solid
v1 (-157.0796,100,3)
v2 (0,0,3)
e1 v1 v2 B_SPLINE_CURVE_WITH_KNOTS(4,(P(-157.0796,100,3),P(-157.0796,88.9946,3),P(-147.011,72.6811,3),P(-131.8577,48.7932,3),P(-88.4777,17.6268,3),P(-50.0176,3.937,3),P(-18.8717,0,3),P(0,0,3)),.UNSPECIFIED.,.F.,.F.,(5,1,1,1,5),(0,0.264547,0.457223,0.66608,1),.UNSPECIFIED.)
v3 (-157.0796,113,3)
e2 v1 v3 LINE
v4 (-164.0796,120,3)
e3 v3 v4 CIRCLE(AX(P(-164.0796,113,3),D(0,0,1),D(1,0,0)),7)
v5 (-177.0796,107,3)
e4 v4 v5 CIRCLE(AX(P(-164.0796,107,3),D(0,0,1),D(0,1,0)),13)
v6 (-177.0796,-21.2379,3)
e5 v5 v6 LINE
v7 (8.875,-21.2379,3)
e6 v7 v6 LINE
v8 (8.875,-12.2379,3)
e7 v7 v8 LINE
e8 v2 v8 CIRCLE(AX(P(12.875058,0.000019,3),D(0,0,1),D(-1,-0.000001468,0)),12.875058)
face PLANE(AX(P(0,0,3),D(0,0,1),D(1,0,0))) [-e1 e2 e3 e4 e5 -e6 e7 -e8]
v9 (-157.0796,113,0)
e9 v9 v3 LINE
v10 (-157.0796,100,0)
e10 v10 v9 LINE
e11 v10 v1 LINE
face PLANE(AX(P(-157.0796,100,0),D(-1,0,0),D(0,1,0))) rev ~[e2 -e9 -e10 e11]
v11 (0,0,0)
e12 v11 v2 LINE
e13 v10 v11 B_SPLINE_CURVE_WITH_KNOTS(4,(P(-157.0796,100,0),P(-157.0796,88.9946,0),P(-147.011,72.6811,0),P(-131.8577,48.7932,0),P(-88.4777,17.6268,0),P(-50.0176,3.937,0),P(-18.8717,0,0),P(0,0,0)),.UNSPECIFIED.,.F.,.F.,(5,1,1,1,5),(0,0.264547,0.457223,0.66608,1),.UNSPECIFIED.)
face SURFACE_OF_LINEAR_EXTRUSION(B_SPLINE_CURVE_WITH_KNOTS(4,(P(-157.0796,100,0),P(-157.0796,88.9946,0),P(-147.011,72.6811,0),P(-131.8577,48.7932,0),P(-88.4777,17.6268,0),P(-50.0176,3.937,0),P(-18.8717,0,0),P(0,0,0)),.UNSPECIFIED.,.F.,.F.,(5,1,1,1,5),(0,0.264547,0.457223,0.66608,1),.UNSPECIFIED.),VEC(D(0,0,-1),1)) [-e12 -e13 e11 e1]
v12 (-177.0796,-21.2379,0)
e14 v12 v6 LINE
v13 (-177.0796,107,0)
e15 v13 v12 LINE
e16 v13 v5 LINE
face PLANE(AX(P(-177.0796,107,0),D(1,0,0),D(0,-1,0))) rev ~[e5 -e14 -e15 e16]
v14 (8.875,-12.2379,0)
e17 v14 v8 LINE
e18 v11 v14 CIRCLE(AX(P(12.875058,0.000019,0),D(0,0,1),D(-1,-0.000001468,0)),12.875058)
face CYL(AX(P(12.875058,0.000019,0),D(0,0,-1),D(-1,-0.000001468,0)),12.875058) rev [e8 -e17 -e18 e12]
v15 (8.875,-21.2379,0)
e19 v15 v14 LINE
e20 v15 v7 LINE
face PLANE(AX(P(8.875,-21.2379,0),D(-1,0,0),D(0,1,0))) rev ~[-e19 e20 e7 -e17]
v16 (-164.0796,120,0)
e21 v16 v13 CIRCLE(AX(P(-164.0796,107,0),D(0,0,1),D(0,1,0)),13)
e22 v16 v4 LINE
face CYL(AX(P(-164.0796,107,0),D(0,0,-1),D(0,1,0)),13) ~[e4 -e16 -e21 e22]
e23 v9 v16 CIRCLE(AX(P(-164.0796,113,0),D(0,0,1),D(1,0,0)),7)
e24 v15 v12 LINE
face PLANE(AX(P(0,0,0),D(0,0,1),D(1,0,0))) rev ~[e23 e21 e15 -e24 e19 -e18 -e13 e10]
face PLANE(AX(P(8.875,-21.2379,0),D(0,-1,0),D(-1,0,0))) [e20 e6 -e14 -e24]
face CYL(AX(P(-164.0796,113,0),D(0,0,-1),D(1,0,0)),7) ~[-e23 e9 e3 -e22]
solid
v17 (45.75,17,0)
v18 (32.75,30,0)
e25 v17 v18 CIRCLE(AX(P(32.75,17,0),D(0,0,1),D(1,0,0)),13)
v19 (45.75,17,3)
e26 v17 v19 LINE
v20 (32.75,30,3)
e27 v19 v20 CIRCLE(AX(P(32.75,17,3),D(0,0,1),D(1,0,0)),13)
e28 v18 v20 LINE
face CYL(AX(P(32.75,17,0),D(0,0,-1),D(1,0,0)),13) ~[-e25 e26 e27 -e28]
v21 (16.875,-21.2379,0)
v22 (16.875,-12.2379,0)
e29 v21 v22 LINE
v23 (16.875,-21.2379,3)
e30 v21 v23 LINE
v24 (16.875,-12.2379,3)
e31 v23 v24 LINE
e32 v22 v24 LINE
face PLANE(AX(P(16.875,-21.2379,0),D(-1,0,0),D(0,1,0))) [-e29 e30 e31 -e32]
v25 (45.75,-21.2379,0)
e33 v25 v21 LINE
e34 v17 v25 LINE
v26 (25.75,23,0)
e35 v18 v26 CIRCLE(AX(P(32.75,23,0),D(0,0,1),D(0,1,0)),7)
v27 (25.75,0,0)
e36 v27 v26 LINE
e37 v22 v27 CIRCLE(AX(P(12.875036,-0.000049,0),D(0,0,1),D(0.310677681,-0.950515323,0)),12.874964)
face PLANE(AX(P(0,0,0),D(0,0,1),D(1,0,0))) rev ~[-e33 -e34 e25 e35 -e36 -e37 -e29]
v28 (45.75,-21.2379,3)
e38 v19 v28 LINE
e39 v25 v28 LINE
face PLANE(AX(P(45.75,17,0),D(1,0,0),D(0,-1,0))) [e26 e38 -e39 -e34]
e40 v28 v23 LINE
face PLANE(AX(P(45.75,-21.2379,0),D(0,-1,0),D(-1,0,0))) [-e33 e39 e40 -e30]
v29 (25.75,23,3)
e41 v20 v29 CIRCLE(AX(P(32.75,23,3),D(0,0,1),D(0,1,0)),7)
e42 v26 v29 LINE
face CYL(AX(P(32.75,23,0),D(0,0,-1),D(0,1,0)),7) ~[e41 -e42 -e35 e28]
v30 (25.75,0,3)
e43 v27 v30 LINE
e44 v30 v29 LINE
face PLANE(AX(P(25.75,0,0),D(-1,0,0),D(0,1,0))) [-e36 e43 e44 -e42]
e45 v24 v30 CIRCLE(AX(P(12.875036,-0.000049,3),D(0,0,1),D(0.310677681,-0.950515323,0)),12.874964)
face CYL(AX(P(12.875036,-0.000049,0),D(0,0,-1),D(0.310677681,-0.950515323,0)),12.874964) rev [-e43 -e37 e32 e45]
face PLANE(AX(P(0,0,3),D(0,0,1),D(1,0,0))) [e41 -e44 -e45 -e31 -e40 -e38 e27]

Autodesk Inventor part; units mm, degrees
ref_plane "YZ Plane" through (0, 0, 0) normal (1, 0, 0) x (0, 1, 0)
ref_plane "XZ Plane" through (0, 0, 0) normal (0, 1, 0) x (-1, 0, 0)
ref_plane "XY Plane" through (0, 0, 0) normal (0, 0, 1) x (1, 0, 0)
sketch "Sketch3" plane through (0, 0, 0) normal (0, 0, 1) x (1, 0, 0)
  circle A0 centre (368.0481, 50) radius 50 construction
  line L0 (368.0481, 0) -> (514.9541, 0) construction
  line L1 (368.0481, 50) -> (514.9541, 50) construction
  line L2 (368.0481, 100) -> (514.9541, 100) construction
  line L3 (368.0481, 50) -> (343.0481, 6.6987) construction
  line L4 (368.0481, 50) -> (324.7469, 25) construction
  line L5 (368.0481, 50) -> (324.7469, 75) construction
  line L6 (343.0481, 93.3013) -> (368.0481, 50) construction
  line L7 (393.0481, 93.3013) -> (368.0481, 50) construction
  line L8 (411.3494, 75) -> (368.0481, 50) construction
  line L9 (411.3494, 25) -> (368.0481, 50) construction
  line L10 (393.0481, 6.6987) -> (368.0481, 50) construction
  line L11 (368.0481, 0) -> (368.0481, 100) construction
  line L12 (418.0481, 50) -> (368.0481, 50) construction
  line L13 (341.8682, 0) -> (341.8682, 100) construction
  line L14 (315.6883, 0) -> (315.6883, 100) construction
  line L15 (289.5083, 0) -> (289.5083, 100) construction
  line L16 (263.3284, 0) -> (263.3284, 100) construction
  line L17 (237.1485, 0) -> (237.1485, 100) construction
  line L18 (210.9685, 0) -> (210.9685, 100) construction
  line L19 (184.7886, 0) -> (184.7886, 100) construction
  line L20 (158.6086, 0) -> (158.6086, 100) construction
  circle A1 centre (315.6883, 50) radius 50 construction
  circle A2 centre (341.8682, 50) radius 50 construction
  circle A3 centre (289.5083, 50) radius 50 construction
  circle A4 centre (263.3284, 50) radius 50 construction
  circle A5 centre (237.1485, 50) radius 50 construction
  circle A6 centre (210.9685, 50) radius 50 construction
  line L21 (393.0481, 6.6987) -> (514.9541, 6.6987) construction
  line L22 (411.3494, 25) -> (514.9541, 25) construction
  line L23 (411.3494, 75) -> (514.9541, 75) construction
  line L24 (411.3494, 75) -> (514.9541, 75) construction
  line L25 (393.0481, 93.3013) -> (514.9541, 93.3013) construction
  line L26 (358.9895, 75) -> (339.5083, 50) construction
  line L27 (339.5083, 50) -> (306.6297, 25) construction
  line L28 (306.6297, 25) -> (262.1485, 6.6987) construction
  line L29 (262.1485, 6.6987) -> (210.9685, 0) construction
  line L30 (105.4843, -12.0642) -> (105.4843, 125.3083) construction
  line L31 (25.75, 0) -> (25.75, 23)
  line L32 (45.75, 17) -> (45.75, -21.2379)
  arc A7 (32.75, 30) -> (25.75, 23) centre (32.75, 23) ccw
  arc A8 (45.75, 17) -> (32.75, 30) centre (32.75, 17) ccw
  line L33 (32.75, 17) -> (45.75, 17) construction
  line L34 (32.75, 17) -> (32.75, 30) construction
  arc A9 (0, 0) -> (8.875, -12.2379) centre (12.875, 0) ccw
  arc A10 (16.875, -12.2379) -> (25.75, 0) centre (12.875, 0) ccw
  line L35 (45.75, -21.2379) -> (16.875, -21.2379)
  line L36 (8.875, -21.2379) -> (-177.0796, -21.2379)
  circle A11 centre (-144.2046, 110.3653) radius 12.875 construction
  line L37 (8.875, -21.2379) -> (8.875, -12.2379)
  line L38 (16.875, -21.2379) -> (16.875, -12.2379)
  line L39 (411.3494, 75) -> (158.6086, 75) construction
  line L40 (368.0481, 100) -> (158.6086, 100) construction
  line L41 (418.0481, 50) -> (158.6086, 50) construction
  line L42 (411.3494, 25) -> (158.6086, 25) construction
  line L43 (393.0481, 6.6987) -> (158.6086, 6.6987) construction
  line L44 (393.0481, 93.3013) -> (158.6086, 93.3013) construction
  line L45 (358.9895, 75) -> (366.8682, 93.3013) construction
  line L46 (366.8682, 93.3013) -> (368.0481, 100) construction
  spline S0 degree 4 poles (-157.0796, 100) (-157.0796, 88.9946) (-147.011, 72.6811) (-131.8577, 48.7932) (-88.4777, 17.6268) (-50.0176, 3.937) (-18.8717, 0) (0, 0) knots 0 0 0 0 0 0.264547 0.457223 0.66608 1 1 1 1 1
  line L47 (-157.0796, 100) -> (-157.0796, 81.2146) construction
  line L48 (0, 0) -> (-42.8818, 0) construction
  line L49 (-157.0796, 100) -> (-157.0796, 113)
  line L50 (-144.2046, 110.3653) -> (-157.0796, 110.3653) construction
  line L51 (-147.6984, 94.0277) -> (-120.1158, 108.3975) construction
  line L52 (-157.0796, 100) -> (0, 0) construction
  circle A12 centre (-147.2046, 105.4197) radius 9.875 construction
  line L53 (-147.2046, 105.4197) -> (-157.0796, 105.4197) construction
  line L54 (-146.1623, 94.828) -> (-144.7762, 92.1674) construction
  line L55 (-144.7762, 92.1674) -> (-142.2689, 93.4736) construction
  line L56 (-177.0796, 107) -> (-177.0796, -21.2379)
  arc A13 (-157.0796, 113) -> (-164.0796, 120) centre (-164.0796, 113) ccw
  line L57 (-164.0796, 113) -> (-164.0796, 120) construction
  line L58 (-164.0796, 113) -> (-157.0796, 113) construction
  arc A14 (-164.0796, 120) -> (-177.0796, 107) centre (-164.0796, 107) ccw
  line L59 (-164.0796, 107) -> (-177.0796, 107) construction
  line L60 (-164.0796, 107) -> (-164.0796, 120) construction
  line L61 (-457.0796, 100) -> (-300, 0)
  line L62 (-757.0796, 100) -> (-757.0796, 76.4376)
  line L63 (-600, 0) -> (-652.3765, 0)
  spline S1 degree 4 poles (-757.0796, 76.4376) (-757.0796, 65.0585) (-753.7776, 47.1407) (-745.4013, 7.8331) (-693.0053, 2.4317) (-668.8587, 0) (-652.3765, 0) knots 0 0 0 0 0 0.348765 0.598765 1 1 1 1 1
  line L64 (-477.0796, 107) -> (-477.0796, -21.2379)
  arc A15 (-464.0796, 120) -> (-477.0796, 107) centre (-464.0796, 107) ccw
  arc A16 (-457.0796, 113) -> (-464.0796, 120) centre (-464.0796, 113) ccw
  line L65 (-457.0796, 100) -> (-457.0796, 113)
  circle A17 centre (-447.2046, 105.4197) radius 9.875 construction
  circle A18 centre (-444.2046, 110.3653) radius 12.875 construction
  line L66 (-457.0796, 100) -> (-300, 0) construction
  line L67 (-447.6984, 94.0277) -> (-420.1158, 108.3975) construction
  line L68 (-444.7762, 92.1674) -> (-442.2689, 93.4736) construction
  line L69 (-446.1623, 94.828) -> (-444.7762, 92.1674) construction
  line L70 (-291.125, -21.2379) -> (-477.0796, -21.2379)
  arc A19 (-300, 0) -> (-291.125, -12.2379) centre (-287.125, 0) ccw
  line L71 (-291.125, -21.2379) -> (-291.125, -12.2379)
  line L72 (-283.125, -21.2379) -> (-283.125, -12.2379)
  arc A20 (-283.125, -12.2379) -> (-274.25, 0) centre (-287.125, 0) ccw
  line L73 (-254.25, -21.2379) -> (-283.125, -21.2379)
  line L74 (-254.25, 17) -> (-254.25, -21.2379)
  line L75 (-274.25, 0) -> (-274.25, 23)
  arc A21 (-267.25, 30) -> (-274.25, 23) centre (-267.25, 23) ccw
  arc A22 (-254.25, 17) -> (-267.25, 30) centre (-267.25, 17) ccw
  line L76 (-777.0796, 107) -> (-777.0796, -21.2379)
  arc A23 (-764.0796, 120) -> (-777.0796, 107) centre (-764.0796, 107) ccw
  arc A24 (-757.0796, 113) -> (-764.0796, 120) centre (-764.0796, 113) ccw
  line L77 (-757.0796, 100) -> (-757.0796, 113)
  circle A25 centre (-747.2046, 105.4197) radius 9.875 construction
  circle A26 centre (-744.2046, 110.3653) radius 12.875 construction
  line L78 (-757.0796, 100) -> (-600, 0) construction
  line L79 (-747.6984, 94.0277) -> (-720.1158, 108.3975) construction
  line L80 (-744.7762, 92.1674) -> (-742.2689, 93.4736) construction
  line L81 (-746.1623, 94.828) -> (-744.7762, 92.1674) construction
  line L82 (-591.125, -21.2379) -> (-777.0796, -21.2379)
  arc A27 (-600, 0) -> (-591.125, -12.2379) centre (-587.125, 0) ccw
  line L83 (-591.125, -21.2379) -> (-591.125, -12.2379)
  line L84 (-583.125, -21.2379) -> (-583.125, -12.2379)
  arc A28 (-583.125, -12.2379) -> (-574.25, 0) centre (-587.125, 0) ccw
  line L85 (-554.25, -21.2379) -> (-583.125, -21.2379)
  line L86 (-554.25, 17) -> (-554.25, -21.2379)
  line L87 (-574.25, 0) -> (-574.25, 23)
  arc A29 (-567.25, 30) -> (-574.25, 23) centre (-567.25, 23) ccw
  arc A30 (-554.25, 17) -> (-567.25, 30) centre (-567.25, 17) ccw
  line L88 (32.75, -233) -> (45.75, -233) construction
  line L89 (32.75, -233) -> (32.75, -220) construction
  arc A31 (45.75, -233) -> (32.75, -220) centre (32.75, -233) ccw construction
  line L90 (25.75, -250) -> (25.75, -227) construction
  line L91 (45.75, -233) -> (45.75, -271.2379) construction
  arc A32 (16.875, -262.2379) -> (25.75, -250) centre (12.875, -250) ccw construction
  line L92 (45.75, -271.2379) -> (16.875, -271.2379) construction
  arc A33 (0, -250) -> (8.875, -262.2379) centre (12.875, -250) ccw construction
  arc A34 (32.75, -220) -> (25.75, -227) centre (32.75, -227) ccw construction
  line L93 (8.875, -271.2379) -> (-177.0796, -271.2379) construction
  line L94 (-157.0796, -150) -> (0, -250) construction
  spline S2 degree 4 poles (-157.0796, -150) (-157.0796, -161.0054) (-147.011, -177.3189) (-131.8577, -201.2068) (-88.4777, -232.3732) (-50.0176, -246.063) (-18.8717, -250) (0, -250) knots 0 0 0 0 0 0.264547 0.457223 0.66608 1 1 1 1 1 construction
  line L95 (-177.0796, -143) -> (-177.0796, -271.2379)
  line L96 (-146.1623, -155.172) -> (-144.7762, -157.8326) construction
  line L97 (-144.7762, -157.8326) -> (-142.2689, -156.5264) construction
  line L98 (-147.6984, -155.9723) -> (-120.1158, -141.6025) construction
  line L99 (-157.0796, -150) -> (-157.0796, -168.7854) construction
  line L100 (-147.2046, -144.5803) -> (-157.0796, -144.5803) construction
  line L101 (-144.2046, -139.6347) -> (-157.0796, -139.6347) construction
  circle A35 centre (-147.2046, -144.5803) radius 9.875 construction
  line L102 (0, -250) -> (-42.8818, -250) construction
  line L103 (16.875, -271.2379) -> (16.875, -262.2379) construction
  line L104 (8.875, -271.2379) -> (8.875, -262.2379) construction
  circle A36 centre (-144.2046, -139.6347) radius 12.875 construction
  line L105 (-164.0796, -143) -> (-177.0796, -143) construction
  line L106 (-157.0796, -150) -> (-157.0796, -137) construction
  line L107 (-164.0796, -137) -> (-157.0796, -137) construction
  arc A37 (-157.0796, -137) -> (-164.0796, -130) centre (-164.0796, -137) ccw
  line L108 (-164.0796, -137) -> (-164.0796, -130) construction
  line L109 (-164.0796, -143) -> (-164.0796, -130) construction
  arc A38 (-164.0796, -130) -> (-177.0796, -143) centre (-164.0796, -143) ccw
  arc A39 (32.75, -227) -> (25.75, -234) centre (32.75, -234) ccw
  line L110 (32.75, -234) -> (25.75, -234) construction
  line L111 (32.75, -234) -> (32.75, -227) construction
  line L112 (45.75, -271.2379) -> (-177.0796, -271.2379)
  arc A40 (45.75, -240) -> (32.75, -227) centre (32.75, -240) ccw
  line L113 (32.75, -240) -> (45.75, -240) construction
  line L114 (32.75, -240) -> (32.75, -227) construction
  line L115 (45.75, -240) -> (45.75, -271.2379)
  line L116 (0, -242) -> (25.75, -242)
  line L117 (25.75, -234) -> (25.75, -242)
  line L118 (-149.0796, -145.6094) -> (-149.0796, -150)
  line L119 (-149.0796, -145.6094) -> (-157.0796, -140.5164)
  line L120 (-157.0796, -140.5164) -> (-157.0796, -137)
  line L121 (57.9242, -250) -> (-50.1018, -250) construction
  spline S3 degree 4 poles (-149.0796, -150) (-149.0796, -154.1011) (-147.2668, -159.7716) (-135.8793, -178.0796) (-120.229, -197.0865) (-83.3361, -225.9308) (-47.2959, -235.9761) (-18.0598, -242) (0, -242) knots 0 0 0 0 0 0.173174 0.31592 0.488873 0.682943 1 1 1 1 1
  line L122 (-158.9844, -148.7874) -> (-160.5796, -147.7718) construction
  line L123 (-149.0796, -145.6094) -> (2.3304, -242) construction
  line L124 (-149.0796, -145.6094) -> (-139.5059, -151.7042)
  line L125 (-146.1623, -155.172) -> (-139.5059, -151.7042)
  line L126 (-144.7762, -157.8326) -> (-146.1623, -155.172)
  line L127 (-144.7762, -157.8326) -> (-136.5837, -153.5646)
  line L128 (-136.5837, -153.5646) -> (-134.053, -155.1756)
  line L129 (-136.5837, -153.5646) -> (-136.7042, -153.7538) construction
  line L130 (-134.053, -155.1756) -> (-134.1481, -155.3251) construction
  spline S4 degree 4 poles (-134.053, -155.1756) (-136.4061, -157.5538) (-136.0923, -162.1212) (-140.7373, -169.888) (-137.1035, -175.12) knots 0 0 0 0 0 1 1 1 1 1
  line L131 (-134.053, -155.1756) -> (-131.4385, -154.0999) construction
  line L132 (-254.25, -271.2379) -> (-477.0796, -271.2379)
  line L133 (-477.0796, -143) -> (-477.0796, -271.2379)
  arc A41 (-464.0796, -130) -> (-477.0796, -143) centre (-464.0796, -143) ccw
  arc A42 (-457.0796, -137) -> (-464.0796, -130) centre (-464.0796, -137) ccw
  line L134 (-457.0796, -140.5164) -> (-457.0796, -137)
  line L135 (-449.0796, -145.6094) -> (-457.0796, -140.5164)
  line L136 (-449.0796, -145.6094) -> (-439.5059, -151.7042)
  line L137 (-446.1623, -155.172) -> (-439.5059, -151.7042)
  line L138 (-444.7762, -157.8326) -> (-446.1623, -155.172)
  line L139 (-444.7762, -157.8326) -> (-436.5837, -153.5646)
  line L140 (-436.5837, -153.5646) -> (-434.053, -155.1756)
  line L141 (-449.0796, -145.6094) -> (-297.6696, -242) construction
  line L142 (-300, -242) -> (-274.25, -242)
  line L143 (-274.25, -234) -> (-274.25, -242)
  arc A43 (-267.25, -227) -> (-274.25, -234) centre (-267.25, -234) ccw
  arc A44 (-254.25, -240) -> (-267.25, -227) centre (-267.25, -240) ccw
  line L144 (-254.25, -240) -> (-254.25, -271.2379)
  circle A45 centre (-447.2046, -144.5803) radius 9.875 construction
  line L145 (-457.0796, -150) -> (-300, -250) construction
  circle A46 centre (-444.2046, -139.6347) radius 12.875 construction
  line L146 (-554.25, -271.2379) -> (-777.0796, -271.2379)
  line L147 (-777.0796, -143) -> (-777.0796, -271.2379)
  arc A47 (-764.0796, -130) -> (-777.0796, -143) centre (-764.0796, -143) ccw
  arc A48 (-757.0796, -137) -> (-764.0796, -130) centre (-764.0796, -137) ccw
  line L148 (-757.0796, -140.5164) -> (-757.0796, -137)
  line L149 (-749.0796, -145.6094) -> (-757.0796, -140.5164)
  line L150 (-749.0796, -145.6094) -> (-739.5059, -151.7042)
  line L151 (-746.1623, -155.172) -> (-739.5059, -151.7042)
  line L152 (-744.7762, -157.8326) -> (-746.1623, -155.172)
  line L153 (-744.7762, -157.8326) -> (-736.5837, -153.5646)
  line L154 (-736.5837, -153.5646) -> (-734.053, -155.1756)
  line L155 (-749.0796, -145.6094) -> (-597.6696, -242) construction
  line L156 (-600, -242) -> (-574.25, -242)
  line L157 (-574.25, -234) -> (-574.25, -242)
  arc A49 (-567.25, -227) -> (-574.25, -234) centre (-567.25, -234) ccw
  arc A50 (-554.25, -240) -> (-567.25, -227) centre (-567.25, -240) ccw
  line L158 (-554.25, -240) -> (-554.25, -271.2379)
  circle A51 centre (-747.2046, -144.5803) radius 9.875 construction
  line L159 (-757.0796, -150) -> (-600, -250) construction
  circle A52 centre (-744.2046, -139.6347) radius 12.875 construction
  line L160 (-297.6696, -242) -> (-434.053, -155.1756)
  spline S5 degree 4 poles (-757.0796, -173.5624) (-757.0796, -184.9415) (-753.7776, -202.8593) (-745.4013, -242.1669) (-693.0053, -247.5683) (-668.8587, -250) (-652.3765, -250) knots 0 0 0 0 0 0.348765 0.598765 1 1 1 1 1 construction
  line L161 (-757.0796, -150) -> (-757.0796, -173.5624)
  line L162 (-600, -250) -> (-652.3765, -250) construction
  line L163 (-600, -242) -> (-652.3765, -242)
  spline S6 degree 4 poles (-749.0796, -173.5624) (-749.0796, -183.7991) (-746.0176, -199.7502) (-737.9559, -236.335) (-690.8375, -239.2991) (-667.8077, -242) (-652.3765, -242) knots 0 0 0 0 0 0.346383 0.596383 1 1 1 1 1
  line L164 (-749.0796, -173.5624) -> (-749.0796, -170.035) construction
  spline S7 degree 3 poles (-734.053, -155.1756) (-737.3528, -159.7401) (-749.7015, -168.8593) (-748.818, -180.0805) knots 0 0 0 0 1 1 1 1
  point P0 (158.6086, 0)
  point P1 (-148.021, 75)
  point P2 (-128.5398, 50)
  point P3 (-95.6611, 25)
  point P4 (-51.1799, 6.6987)
  point P5 (-155.8997, 93.3013)
  point P6 (-753.2027, 48.1984)
  point P7 (-737.7866, 19.9116)
  point P8 (-697.6619, 3.8098)
  point P9 (-457.0796, 110.3653)
  point P10 (-457.0796, 105.4197)
  point P11 (-757.0796, 110.3653)
  point P12 (-757.0796, 105.4197)
  point P13 (-51.1799, -243.3013)
  point P14 (-95.6611, -225)
  point P15 (-148.021, -175)
  point P16 (-128.5398, -200)
  point P17 (-155.8997, -156.6987)
  point P18 (-157.0796, -141.4334)
  point P19 (-153.0796, -143.0629)
  point P20 (-152.1421, -144.5803)
  point P21 (3.9112, -250)
  point P22 (-147.2046, -158.2164)
  point P23 (-137.7547, -174.1759)
  point P24 (-121.904, -193.5196)
  point P25 (-91.5665, -216.9339)
  point P26 (-48.8291, -234.4712)
  point P27 (-135.7724, -158.3311)
  point P28 (-137.8322, -165.6457)
  point P29 (-453.0796, -143.0629)
  point P30 (-457.0796, -144.5803)
  point P31 (-447.6984, -155.9723)
  point P32 (-457.0796, -139.6347)
  point P33 (-753.0796, -143.0629)
  point P34 (-757.0796, -144.5803)
  point P35 (-747.6984, -155.9723)
  point P36 (-757.0796, -139.6347)
  point P37 (-753.2027, -201.8016)
  point P38 (-737.7866, -230.0884)
  point P39 (-697.6619, -246.1902)
  point P40 (-745.4939, -198.9007)
  point P41 (-731.3987, -224.5882)
  point P42 (-695.3384, -238.4632)
  point P43 (-741.9736, -163.8801)
  dimension "d43" = 25.75
  dimension "d53" = 19.75
  dimension "diameter" = 100
  dimension "d8" = 26.1799
  dimension "d14" = 30
  dimension "d15" = 30
  dimension "d16" = 30
  dimension "d26" = 90
  dimension "stopper" = 30
  dimension "stopperthickness" = 20
  dimension "d32" = 12.875
  dimension "d33" = 12.875
  dimension "d38" = 6
  dimension "d47" = 8
  dimension "d49" = 9
  dimension "d55" = 120
  dimension "d56" = 3
  dimension "d57" = 90
  dimension "d58" = 90
  dimension "d59" = 20
  dimension "d60" = 6
  dimension "d61" = 20
  dimension "d62" = 28.875
  dimension "d72" = 300
  dimension "d93" = 250
  dimension "d98" = 90
  dimension "d99" = 44.2379
  dimension "d100" = 37.2379
  dimension "d101" = 90
  dimension "railheight" = 8
  dimension "d104" = 8
  dimension "d105" = 8
  dimension "d106" = 3
  dimension "d109" = 300
  dimension "d116" = 250
  dimension "d121" = 8
extrude "Extrusion1" add sketch "Sketch3" along normal blind 3 contours L31 A7 A8 L32 L35 L38 A10 | A9 L37 L36 L56 A14 A13 L49 S0
equation "\"d8\" = 0.261799 * diameter"
properties part number "cyloid-path"
